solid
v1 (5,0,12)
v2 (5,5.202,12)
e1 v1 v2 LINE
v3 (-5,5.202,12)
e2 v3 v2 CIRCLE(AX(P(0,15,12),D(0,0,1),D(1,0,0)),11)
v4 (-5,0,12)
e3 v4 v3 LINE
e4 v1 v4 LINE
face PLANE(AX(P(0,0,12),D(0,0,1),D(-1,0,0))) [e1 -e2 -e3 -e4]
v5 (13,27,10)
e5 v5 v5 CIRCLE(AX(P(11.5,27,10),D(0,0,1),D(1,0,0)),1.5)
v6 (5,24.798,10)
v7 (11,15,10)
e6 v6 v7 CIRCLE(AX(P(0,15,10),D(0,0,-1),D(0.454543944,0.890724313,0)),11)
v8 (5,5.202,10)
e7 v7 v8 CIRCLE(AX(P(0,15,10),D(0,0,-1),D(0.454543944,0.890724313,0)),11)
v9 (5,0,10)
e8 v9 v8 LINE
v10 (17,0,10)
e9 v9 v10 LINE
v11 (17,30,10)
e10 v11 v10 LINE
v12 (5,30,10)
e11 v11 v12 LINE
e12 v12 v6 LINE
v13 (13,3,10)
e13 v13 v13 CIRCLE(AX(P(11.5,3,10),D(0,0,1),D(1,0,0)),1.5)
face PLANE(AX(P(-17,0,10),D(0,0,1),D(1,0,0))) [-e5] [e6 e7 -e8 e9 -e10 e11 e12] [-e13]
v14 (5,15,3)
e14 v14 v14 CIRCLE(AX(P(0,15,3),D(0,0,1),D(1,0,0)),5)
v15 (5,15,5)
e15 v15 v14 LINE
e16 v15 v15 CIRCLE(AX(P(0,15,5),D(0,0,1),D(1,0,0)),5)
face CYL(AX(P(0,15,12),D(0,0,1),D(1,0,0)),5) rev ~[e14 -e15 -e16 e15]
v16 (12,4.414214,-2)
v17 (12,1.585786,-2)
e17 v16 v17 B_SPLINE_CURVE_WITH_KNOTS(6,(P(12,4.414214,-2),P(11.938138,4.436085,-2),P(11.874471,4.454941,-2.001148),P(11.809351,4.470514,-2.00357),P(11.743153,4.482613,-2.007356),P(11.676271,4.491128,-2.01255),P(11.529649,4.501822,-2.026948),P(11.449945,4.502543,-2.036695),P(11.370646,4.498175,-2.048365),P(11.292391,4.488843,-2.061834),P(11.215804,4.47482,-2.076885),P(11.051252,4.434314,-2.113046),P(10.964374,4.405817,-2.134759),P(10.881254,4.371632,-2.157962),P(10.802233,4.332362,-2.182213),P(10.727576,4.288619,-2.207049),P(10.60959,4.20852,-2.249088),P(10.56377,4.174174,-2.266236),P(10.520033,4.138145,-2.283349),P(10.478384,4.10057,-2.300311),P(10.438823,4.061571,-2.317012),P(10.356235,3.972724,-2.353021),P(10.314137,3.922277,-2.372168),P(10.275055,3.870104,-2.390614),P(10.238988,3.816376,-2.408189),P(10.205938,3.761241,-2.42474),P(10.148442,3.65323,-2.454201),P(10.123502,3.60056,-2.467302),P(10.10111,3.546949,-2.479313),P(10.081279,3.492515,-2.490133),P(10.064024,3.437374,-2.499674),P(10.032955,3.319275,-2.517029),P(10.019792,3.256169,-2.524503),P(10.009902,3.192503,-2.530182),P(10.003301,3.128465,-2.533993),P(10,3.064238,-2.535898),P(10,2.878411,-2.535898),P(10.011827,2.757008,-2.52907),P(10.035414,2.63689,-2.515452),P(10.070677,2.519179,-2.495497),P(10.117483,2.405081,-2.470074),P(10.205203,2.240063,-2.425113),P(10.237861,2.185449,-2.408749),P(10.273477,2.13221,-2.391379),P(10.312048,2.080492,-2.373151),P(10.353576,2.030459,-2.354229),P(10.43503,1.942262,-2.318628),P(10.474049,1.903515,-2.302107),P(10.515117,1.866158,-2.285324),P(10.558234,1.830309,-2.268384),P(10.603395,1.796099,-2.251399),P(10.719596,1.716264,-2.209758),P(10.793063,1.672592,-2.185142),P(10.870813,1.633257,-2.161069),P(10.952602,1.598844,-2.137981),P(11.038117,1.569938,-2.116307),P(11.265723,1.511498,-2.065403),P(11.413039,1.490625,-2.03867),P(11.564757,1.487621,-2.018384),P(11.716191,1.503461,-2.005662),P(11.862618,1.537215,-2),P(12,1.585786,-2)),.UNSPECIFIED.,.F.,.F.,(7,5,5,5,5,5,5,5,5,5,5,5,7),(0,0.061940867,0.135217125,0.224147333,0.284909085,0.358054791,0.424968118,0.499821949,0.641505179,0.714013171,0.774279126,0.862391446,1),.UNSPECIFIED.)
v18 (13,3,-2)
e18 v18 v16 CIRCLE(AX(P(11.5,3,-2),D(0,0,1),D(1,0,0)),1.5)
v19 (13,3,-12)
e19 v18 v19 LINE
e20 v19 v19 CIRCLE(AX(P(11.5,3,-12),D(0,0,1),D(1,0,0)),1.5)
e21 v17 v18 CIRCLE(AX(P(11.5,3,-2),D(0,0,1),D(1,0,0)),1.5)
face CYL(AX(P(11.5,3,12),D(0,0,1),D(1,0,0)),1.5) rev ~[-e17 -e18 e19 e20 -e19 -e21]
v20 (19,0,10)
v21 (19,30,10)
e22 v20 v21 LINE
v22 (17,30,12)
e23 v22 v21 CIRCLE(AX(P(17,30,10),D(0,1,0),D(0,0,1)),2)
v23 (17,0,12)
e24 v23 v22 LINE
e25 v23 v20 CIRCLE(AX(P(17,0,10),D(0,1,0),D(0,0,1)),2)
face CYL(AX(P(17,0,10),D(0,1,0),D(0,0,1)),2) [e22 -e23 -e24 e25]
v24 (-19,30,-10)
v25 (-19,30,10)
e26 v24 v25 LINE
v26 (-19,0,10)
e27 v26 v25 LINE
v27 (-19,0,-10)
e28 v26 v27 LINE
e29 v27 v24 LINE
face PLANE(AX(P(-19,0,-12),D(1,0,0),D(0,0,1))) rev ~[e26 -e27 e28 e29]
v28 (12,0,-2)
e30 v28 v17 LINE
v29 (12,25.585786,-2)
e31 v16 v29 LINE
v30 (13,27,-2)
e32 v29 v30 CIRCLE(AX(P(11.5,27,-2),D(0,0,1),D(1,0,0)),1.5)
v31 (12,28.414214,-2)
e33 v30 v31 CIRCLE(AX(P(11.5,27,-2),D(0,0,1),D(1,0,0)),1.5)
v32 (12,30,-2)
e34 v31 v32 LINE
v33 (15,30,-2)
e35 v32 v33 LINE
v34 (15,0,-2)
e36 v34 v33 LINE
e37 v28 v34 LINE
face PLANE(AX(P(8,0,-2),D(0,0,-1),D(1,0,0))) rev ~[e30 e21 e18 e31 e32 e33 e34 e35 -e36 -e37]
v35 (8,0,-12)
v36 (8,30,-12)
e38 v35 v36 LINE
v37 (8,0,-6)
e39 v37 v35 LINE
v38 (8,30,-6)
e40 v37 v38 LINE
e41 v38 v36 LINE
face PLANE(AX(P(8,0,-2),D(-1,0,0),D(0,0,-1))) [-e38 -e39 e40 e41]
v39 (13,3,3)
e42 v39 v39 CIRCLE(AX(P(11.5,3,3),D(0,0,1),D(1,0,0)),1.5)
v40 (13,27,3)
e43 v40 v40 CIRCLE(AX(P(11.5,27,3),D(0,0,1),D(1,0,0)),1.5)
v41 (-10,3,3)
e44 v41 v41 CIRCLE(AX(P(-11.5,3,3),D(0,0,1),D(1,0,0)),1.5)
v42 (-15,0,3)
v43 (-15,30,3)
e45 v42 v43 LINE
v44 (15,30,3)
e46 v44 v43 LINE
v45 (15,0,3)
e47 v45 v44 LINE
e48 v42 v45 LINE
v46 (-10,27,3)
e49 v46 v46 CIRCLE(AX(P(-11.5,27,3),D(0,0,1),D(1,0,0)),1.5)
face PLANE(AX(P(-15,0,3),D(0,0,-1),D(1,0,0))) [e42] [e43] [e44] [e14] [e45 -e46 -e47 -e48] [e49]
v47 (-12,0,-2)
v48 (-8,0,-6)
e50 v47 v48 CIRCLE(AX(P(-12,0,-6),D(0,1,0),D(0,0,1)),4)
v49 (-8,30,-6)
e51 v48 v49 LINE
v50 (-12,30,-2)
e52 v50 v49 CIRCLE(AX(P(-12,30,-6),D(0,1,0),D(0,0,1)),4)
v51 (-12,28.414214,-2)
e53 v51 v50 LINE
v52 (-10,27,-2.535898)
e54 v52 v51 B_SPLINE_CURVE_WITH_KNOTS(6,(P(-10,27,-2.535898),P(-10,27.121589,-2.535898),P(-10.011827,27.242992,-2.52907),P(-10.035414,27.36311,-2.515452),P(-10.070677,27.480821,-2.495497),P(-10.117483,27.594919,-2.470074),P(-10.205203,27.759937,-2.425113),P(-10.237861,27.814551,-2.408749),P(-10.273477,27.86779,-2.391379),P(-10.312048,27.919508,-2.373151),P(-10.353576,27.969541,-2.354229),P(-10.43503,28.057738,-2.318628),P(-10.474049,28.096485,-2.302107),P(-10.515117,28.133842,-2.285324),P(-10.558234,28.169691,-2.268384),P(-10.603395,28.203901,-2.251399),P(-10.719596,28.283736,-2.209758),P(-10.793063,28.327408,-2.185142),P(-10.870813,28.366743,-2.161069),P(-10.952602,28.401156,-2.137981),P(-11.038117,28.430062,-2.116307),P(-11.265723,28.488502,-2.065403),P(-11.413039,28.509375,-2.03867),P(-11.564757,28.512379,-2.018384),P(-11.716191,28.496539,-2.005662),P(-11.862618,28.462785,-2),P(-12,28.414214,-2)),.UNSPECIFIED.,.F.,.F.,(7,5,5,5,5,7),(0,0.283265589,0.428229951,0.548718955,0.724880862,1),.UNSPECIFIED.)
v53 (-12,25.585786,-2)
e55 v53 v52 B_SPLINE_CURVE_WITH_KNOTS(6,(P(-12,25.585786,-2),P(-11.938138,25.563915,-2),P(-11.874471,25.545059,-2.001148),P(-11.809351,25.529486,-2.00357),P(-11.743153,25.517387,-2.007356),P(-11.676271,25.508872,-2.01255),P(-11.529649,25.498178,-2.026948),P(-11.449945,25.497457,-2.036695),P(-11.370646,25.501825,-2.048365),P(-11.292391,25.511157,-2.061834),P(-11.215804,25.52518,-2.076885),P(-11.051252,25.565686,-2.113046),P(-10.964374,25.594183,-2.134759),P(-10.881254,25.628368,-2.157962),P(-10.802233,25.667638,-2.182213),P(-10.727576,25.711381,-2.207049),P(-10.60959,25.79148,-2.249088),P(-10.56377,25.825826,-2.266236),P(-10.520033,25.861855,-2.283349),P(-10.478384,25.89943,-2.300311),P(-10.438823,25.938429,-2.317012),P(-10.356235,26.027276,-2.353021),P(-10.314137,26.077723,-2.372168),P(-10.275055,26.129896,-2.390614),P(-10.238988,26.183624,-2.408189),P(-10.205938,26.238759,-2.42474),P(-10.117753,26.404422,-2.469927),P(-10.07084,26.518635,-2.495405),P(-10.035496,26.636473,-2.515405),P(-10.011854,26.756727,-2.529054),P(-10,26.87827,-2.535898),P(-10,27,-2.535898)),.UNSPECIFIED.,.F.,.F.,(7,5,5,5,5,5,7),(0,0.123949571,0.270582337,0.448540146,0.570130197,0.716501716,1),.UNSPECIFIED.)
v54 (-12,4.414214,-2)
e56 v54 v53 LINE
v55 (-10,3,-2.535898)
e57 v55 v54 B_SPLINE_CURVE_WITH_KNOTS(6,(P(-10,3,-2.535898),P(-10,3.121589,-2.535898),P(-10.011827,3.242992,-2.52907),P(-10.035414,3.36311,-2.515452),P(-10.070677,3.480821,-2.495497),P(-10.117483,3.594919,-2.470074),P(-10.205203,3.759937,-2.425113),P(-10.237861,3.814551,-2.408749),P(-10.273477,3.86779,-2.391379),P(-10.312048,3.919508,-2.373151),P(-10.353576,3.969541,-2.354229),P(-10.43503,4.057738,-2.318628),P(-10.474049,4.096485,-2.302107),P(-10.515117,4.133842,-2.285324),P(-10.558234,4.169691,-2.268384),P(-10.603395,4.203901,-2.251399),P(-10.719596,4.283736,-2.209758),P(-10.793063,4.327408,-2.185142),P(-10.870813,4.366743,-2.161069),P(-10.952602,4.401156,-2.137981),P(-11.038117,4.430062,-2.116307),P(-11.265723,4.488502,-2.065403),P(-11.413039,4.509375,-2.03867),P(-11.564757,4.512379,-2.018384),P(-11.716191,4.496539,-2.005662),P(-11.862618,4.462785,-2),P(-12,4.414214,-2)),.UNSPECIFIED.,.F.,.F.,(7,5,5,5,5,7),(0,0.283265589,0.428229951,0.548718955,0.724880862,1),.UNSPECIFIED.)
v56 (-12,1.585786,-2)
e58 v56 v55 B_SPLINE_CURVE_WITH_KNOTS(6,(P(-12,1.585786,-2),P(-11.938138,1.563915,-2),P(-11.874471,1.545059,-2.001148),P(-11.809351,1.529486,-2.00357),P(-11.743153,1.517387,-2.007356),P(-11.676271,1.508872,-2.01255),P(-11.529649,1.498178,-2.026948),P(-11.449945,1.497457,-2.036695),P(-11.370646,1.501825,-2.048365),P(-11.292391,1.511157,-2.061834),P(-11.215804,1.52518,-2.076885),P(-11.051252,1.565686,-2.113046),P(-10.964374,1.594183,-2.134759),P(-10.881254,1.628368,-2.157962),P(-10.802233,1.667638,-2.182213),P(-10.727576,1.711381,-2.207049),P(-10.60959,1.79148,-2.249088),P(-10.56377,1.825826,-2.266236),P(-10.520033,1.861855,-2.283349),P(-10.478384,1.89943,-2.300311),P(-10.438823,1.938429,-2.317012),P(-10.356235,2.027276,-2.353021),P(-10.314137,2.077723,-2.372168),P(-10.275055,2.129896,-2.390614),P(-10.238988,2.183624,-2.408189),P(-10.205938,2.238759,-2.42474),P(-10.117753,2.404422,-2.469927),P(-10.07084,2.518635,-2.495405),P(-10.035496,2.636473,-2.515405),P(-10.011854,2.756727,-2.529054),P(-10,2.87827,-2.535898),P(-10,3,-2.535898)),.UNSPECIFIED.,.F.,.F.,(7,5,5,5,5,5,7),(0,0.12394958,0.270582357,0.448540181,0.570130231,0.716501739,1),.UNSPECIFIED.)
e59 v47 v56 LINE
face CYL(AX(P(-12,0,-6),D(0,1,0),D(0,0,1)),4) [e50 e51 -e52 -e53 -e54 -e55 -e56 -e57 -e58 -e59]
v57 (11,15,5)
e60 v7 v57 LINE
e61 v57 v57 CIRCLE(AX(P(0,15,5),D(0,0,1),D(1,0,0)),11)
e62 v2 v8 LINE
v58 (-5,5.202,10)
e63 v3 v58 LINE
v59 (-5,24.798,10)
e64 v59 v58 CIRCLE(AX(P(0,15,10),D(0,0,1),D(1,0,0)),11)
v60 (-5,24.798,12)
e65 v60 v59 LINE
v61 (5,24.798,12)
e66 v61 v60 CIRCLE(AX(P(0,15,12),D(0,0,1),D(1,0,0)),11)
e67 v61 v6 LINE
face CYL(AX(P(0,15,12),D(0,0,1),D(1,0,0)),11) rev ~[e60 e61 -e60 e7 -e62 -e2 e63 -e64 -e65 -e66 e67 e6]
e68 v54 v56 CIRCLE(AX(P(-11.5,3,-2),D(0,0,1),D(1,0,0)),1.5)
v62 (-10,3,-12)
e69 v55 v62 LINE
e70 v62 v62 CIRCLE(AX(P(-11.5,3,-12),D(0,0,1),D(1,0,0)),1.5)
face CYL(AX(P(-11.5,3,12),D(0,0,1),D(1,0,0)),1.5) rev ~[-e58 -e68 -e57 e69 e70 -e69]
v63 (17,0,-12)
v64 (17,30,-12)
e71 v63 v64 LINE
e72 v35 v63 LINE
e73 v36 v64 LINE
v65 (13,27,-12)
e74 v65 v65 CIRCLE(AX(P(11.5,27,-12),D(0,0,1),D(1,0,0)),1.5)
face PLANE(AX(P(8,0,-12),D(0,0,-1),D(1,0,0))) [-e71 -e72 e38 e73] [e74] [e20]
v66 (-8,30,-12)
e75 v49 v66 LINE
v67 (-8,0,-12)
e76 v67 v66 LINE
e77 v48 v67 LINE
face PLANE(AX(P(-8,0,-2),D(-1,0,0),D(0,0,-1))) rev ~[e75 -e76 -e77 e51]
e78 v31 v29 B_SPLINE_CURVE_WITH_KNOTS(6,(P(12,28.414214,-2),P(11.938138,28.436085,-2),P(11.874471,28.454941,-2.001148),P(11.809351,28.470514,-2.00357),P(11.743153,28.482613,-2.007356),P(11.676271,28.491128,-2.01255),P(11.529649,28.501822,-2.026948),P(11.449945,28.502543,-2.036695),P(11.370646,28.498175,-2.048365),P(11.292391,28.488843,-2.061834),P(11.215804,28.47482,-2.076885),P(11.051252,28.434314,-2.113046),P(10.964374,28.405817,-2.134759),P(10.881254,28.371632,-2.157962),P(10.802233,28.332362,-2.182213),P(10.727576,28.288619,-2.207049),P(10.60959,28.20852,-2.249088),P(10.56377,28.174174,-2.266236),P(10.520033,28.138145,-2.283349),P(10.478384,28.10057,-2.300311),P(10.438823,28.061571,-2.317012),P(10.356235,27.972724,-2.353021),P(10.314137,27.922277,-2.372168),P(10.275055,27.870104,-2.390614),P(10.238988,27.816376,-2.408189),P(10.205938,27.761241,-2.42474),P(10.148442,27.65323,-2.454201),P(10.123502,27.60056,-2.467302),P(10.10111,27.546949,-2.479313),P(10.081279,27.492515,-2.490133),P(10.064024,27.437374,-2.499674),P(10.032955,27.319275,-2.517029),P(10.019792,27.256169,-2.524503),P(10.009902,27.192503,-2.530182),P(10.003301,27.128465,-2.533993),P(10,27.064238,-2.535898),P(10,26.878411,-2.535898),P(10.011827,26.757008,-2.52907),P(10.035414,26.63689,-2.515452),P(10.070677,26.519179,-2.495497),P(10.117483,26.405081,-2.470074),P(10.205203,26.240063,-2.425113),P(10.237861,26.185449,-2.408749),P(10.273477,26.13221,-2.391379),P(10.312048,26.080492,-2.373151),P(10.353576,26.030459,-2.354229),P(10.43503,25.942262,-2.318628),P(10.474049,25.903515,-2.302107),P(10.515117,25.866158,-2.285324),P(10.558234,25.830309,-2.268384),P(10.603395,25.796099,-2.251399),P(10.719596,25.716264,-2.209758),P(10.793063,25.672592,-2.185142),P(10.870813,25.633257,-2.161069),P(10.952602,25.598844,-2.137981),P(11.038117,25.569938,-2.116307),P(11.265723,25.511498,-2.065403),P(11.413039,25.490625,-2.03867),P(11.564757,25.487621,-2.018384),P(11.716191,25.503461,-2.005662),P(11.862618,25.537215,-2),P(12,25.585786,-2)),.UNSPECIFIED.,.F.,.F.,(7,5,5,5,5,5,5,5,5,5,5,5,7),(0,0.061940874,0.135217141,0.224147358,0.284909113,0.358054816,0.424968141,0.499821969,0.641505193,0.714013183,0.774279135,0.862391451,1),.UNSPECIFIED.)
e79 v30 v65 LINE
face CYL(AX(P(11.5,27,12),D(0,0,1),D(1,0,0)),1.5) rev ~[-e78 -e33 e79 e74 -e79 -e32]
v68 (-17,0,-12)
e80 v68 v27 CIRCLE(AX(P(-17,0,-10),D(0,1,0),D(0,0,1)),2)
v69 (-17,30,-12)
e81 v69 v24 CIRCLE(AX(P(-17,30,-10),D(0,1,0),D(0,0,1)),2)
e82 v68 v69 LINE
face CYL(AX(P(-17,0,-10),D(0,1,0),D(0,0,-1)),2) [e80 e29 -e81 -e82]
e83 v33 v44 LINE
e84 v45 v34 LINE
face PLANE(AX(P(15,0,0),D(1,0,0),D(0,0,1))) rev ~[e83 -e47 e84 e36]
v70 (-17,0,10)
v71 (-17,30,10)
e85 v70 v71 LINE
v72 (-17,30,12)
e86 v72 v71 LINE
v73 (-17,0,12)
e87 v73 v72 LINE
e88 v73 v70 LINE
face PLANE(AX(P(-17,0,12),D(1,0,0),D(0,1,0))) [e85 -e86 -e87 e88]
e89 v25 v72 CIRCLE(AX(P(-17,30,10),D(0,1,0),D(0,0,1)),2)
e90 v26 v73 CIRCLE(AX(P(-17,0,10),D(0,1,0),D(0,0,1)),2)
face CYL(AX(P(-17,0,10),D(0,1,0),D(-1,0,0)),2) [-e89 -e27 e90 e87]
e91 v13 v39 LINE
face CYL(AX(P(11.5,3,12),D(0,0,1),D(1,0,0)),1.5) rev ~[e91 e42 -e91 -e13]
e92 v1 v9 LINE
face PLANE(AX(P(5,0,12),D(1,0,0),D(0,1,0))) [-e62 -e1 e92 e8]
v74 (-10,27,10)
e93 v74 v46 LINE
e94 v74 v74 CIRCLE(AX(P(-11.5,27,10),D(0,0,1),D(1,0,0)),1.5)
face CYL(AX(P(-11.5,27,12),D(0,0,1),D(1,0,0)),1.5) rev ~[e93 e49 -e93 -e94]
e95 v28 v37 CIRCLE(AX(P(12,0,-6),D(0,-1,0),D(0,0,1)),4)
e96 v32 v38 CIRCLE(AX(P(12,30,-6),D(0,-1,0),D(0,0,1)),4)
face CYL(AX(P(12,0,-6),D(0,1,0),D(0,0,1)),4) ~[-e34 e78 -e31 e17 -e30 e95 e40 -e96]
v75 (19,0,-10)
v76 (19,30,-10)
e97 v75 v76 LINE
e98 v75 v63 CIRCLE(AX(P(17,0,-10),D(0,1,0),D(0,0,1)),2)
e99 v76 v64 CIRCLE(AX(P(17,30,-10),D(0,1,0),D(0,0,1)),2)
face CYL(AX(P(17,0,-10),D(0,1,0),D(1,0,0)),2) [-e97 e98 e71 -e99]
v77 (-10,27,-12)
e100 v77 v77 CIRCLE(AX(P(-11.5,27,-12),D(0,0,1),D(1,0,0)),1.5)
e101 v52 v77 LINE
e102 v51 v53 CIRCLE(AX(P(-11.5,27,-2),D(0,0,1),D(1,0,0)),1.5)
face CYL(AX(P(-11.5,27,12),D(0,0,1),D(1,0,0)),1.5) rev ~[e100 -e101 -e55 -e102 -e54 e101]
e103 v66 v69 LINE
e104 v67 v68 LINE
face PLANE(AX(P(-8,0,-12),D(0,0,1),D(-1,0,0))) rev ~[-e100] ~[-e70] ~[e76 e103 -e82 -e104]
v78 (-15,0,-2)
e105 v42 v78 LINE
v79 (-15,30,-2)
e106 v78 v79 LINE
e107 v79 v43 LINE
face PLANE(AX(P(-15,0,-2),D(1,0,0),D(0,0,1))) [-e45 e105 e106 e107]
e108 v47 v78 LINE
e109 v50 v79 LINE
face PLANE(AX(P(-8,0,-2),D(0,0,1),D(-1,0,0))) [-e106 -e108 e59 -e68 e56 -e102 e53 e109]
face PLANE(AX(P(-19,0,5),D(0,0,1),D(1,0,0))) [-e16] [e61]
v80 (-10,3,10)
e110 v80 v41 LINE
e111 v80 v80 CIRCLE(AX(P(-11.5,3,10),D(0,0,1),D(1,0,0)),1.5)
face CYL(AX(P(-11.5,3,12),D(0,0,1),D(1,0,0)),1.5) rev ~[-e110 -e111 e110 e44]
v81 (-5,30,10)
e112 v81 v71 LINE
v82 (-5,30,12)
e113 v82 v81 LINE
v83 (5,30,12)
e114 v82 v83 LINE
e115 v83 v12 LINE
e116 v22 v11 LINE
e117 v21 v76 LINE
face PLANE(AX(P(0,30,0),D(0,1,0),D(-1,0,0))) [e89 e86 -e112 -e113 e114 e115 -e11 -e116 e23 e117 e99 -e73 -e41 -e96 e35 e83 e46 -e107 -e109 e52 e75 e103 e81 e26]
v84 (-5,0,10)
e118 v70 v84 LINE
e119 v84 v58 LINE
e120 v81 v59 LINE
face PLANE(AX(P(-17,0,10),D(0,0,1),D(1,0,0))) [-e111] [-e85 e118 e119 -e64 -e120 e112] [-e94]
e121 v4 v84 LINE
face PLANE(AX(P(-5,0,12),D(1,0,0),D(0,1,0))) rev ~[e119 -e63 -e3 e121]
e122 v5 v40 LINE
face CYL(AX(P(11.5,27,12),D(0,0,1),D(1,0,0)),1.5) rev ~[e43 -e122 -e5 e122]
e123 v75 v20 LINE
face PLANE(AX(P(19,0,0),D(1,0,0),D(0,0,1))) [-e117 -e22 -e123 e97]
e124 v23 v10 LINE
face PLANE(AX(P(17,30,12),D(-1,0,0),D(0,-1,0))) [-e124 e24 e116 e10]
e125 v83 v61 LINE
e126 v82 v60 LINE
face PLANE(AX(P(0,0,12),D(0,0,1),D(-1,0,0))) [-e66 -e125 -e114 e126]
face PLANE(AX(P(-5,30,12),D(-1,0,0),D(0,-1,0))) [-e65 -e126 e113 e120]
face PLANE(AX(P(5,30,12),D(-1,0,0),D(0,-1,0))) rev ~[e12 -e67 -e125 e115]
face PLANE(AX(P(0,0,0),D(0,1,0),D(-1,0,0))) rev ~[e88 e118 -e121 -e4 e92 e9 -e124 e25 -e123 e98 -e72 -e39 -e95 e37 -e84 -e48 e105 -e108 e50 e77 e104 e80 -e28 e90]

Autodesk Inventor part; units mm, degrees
ref_plane "YZ Plane" through (0, 0, 0) normal (1, 0, 0) x (0, 1, 0)
ref_plane "XZ Plane" through (0, 0, 0) normal (0, 1, 0) x (-1, 0, 0)
ref_plane "XY Plane" through (0, 0, 0) normal (0, 0, 1) x (1, 0, 0)
sketch "Sketch1" plane through (0, 0, 0) normal (0, 1, 0) x (-1, 0, 0)
  line L0 (0, -37.4557) -> (0, 23.9689) construction
  line L1 (8, -2) -> (8, -12)
  line L2 (8, -12) -> (19, -12)
  line L3 (19, -12) -> (19, 12)
  line L4 (19, 12) -> (2, 12)
  line L5 (8, -2) -> (15, -2)
  line L6 (15, -2) -> (15, 3)
  line L7 (15, 3) -> (0, 3)
  line L8 (0, -49.7407) -> (0, 36.2538) projected
  line L9 (-8, -2) -> (-8, -12)
  line L10 (-8, -12) -> (-19, -12)
  line L11 (-19, -12) -> (-19, 12)
  line L12 (-19, 12) -> (2, 12)
  line L13 (-8, -2) -> (-15, -2)
  line L14 (-15, -2) -> (-15, 3)
  line L15 (-15, 3) -> (0, 3)
  line L16 (26.6, 0) -> (-26.6, 0) projected
  point P0 (19, 0)
  point P1 (-19, 0)
  dimension "d12" = 15
  dimension "d13" = 5
  dimension "d14" = 7
  dimension "d15" = 10
  dimension "d16" = 11
  dimension "d18" = 9
  dimension "d19" = 17
extrude "Extrusion1" add sketch "Sketch1" along normal blind 30 contours L5 L6 L16 L3 L2 L1 | L6 L7 L8 L12 L4 L3 L16 | L15 L14 L16 L11 L12 L8 | L14 L13 L9 L10 L11 L16
fillet "Fillet1" radius 4 2 edges at (-8, 15, -2) (8, 15, -2)
sketch "Sketch2" plane through (-19, 0, 12) normal (0, 0, 1) x (1, 0, 0)
  line L0 (0, 0) -> (38, 0) projected
  line L1 (38, 0) -> (38, 30) projected
  line L2 (0, 30) -> (38, 30) projected
  line L3 (0, 0) -> (0, 30) projected
  line L4 (38, 0) -> (38, 30) projected
  line L5 (38, 15) -> (0, 15) construction
  line L6 (0, 0) -> (0, 30) projected
  circle A0 centre (19, 15) radius 11
  circle A1 centre (19, 15) radius 5
  line L7 (0, 0) -> (38, 0) projected
  line L8 (7, 30) -> (7, 0) projected
  line L9 (4, 30) -> (7, 30) projected
  line L10 (4, 0) -> (4, 30) projected
  line L11 (4, 0) -> (7, 0) projected
  line L12 (31, 0) -> (31, 30) projected
  line L13 (31, 0) -> (34, 0) projected
  line L14 (34, 0) -> (34, 30) projected
  line L15 (31, 30) -> (34, 30) projected
  circle A2 centre (30.5, 27) radius 1.5
  line L16 (19, 15) -> (19, 38.5815) construction
  circle A3 centre (7.5, 27) radius 1.5
  circle A4 centre (30.5, 3) radius 1.5
  circle A5 centre (7.5, 3) radius 1.5
  point P0 (19, 0)
  dimension "d23" = 22
  dimension "d24" = 10
  dimension "d25" = 3
  dimension "d26" = 11.5
  dimension "d27" = 12
extrude "Extrusion2" cut sketch "Sketch2" against normal blind 7 contours A0
extrude "Extrusion3" cut sketch "Sketch2" against normal through all contours A5 L8 | L8 A5 | A4 L12 | L12 A4 | A3 L8 | L8 A3 | A2 L12 | L12 A2 | A1
fillet "Fillet2" radius 2 4 edges at (19, 15, 12) (-19, 15, 12) (-19, 15, -12) (19, 15, -12)
sketch "Boceto4" plane through (-17, 0, 12) normal (0, 0, 1) x (1, 0, 0)
  circle A0 centre (17, 15) radius 5 projected
  line L0 (0, 0) -> (0, 30) projected
  line L1 (34, 30) -> (34, 0) projected
  line L2 (0, 0) -> (34, 0) projected
  line L3 (32, 30) -> (2, 30) projected
  line L4 (12, 30) -> (12, 24.798)
  circle A1 centre (17, 15) radius 11 projected
  line L5 (22, 30) -> (22, 24.798)
  circle A2 centre (17, 15) radius 5 construction
  line L6 (17, 15) -> (17, 30) construction
  line L7 (32, 0) -> (2, 0) construction
  line L8 (12, 0) -> (12, 5.202)
  line L9 (22, 0) -> (22, 5.202)
  circle A3 centre (17, 15) radius 11 projected
  line L10 (0, 30) -> (34, 30) projected
  circle A4 centre (5.5, 3) radius 1.5 projected
  circle A5 centre (28.5, 27) radius 1.5 projected
  circle A6 centre (5.5, 27) radius 1.5 projected
  circle A7 centre (28.5, 3) radius 1.5 projected
  line L11 (0, 0) -> (0, 30) projected
  line L12 (0, 0) -> (34, 0) projected
  line L13 (34, 30) -> (34, 0) projected
  line L14 (0, 30) -> (34, 30) projected
  circle A8 centre (17, 15) radius 11 projected
  circle A9 centre (28.5, 27) radius 1.5 projected
  circle A10 centre (5.5, 3) radius 1.5 projected
  circle A11 centre (28.5, 3) radius 1.5 projected
  point P0 (17, 0)
  dimension "d44" = 5
  dimension "d45" = 5
extrude "Extrusión5" cut sketch "Boceto4" against normal blind 2 contours L0 L10 L3 L4 A1 L8 L2 | L9 A1 L5 L3 L10 L1 L2
equation "\"d45\" = d44"
properties part number "Tensor" material "Plástico PBT"
